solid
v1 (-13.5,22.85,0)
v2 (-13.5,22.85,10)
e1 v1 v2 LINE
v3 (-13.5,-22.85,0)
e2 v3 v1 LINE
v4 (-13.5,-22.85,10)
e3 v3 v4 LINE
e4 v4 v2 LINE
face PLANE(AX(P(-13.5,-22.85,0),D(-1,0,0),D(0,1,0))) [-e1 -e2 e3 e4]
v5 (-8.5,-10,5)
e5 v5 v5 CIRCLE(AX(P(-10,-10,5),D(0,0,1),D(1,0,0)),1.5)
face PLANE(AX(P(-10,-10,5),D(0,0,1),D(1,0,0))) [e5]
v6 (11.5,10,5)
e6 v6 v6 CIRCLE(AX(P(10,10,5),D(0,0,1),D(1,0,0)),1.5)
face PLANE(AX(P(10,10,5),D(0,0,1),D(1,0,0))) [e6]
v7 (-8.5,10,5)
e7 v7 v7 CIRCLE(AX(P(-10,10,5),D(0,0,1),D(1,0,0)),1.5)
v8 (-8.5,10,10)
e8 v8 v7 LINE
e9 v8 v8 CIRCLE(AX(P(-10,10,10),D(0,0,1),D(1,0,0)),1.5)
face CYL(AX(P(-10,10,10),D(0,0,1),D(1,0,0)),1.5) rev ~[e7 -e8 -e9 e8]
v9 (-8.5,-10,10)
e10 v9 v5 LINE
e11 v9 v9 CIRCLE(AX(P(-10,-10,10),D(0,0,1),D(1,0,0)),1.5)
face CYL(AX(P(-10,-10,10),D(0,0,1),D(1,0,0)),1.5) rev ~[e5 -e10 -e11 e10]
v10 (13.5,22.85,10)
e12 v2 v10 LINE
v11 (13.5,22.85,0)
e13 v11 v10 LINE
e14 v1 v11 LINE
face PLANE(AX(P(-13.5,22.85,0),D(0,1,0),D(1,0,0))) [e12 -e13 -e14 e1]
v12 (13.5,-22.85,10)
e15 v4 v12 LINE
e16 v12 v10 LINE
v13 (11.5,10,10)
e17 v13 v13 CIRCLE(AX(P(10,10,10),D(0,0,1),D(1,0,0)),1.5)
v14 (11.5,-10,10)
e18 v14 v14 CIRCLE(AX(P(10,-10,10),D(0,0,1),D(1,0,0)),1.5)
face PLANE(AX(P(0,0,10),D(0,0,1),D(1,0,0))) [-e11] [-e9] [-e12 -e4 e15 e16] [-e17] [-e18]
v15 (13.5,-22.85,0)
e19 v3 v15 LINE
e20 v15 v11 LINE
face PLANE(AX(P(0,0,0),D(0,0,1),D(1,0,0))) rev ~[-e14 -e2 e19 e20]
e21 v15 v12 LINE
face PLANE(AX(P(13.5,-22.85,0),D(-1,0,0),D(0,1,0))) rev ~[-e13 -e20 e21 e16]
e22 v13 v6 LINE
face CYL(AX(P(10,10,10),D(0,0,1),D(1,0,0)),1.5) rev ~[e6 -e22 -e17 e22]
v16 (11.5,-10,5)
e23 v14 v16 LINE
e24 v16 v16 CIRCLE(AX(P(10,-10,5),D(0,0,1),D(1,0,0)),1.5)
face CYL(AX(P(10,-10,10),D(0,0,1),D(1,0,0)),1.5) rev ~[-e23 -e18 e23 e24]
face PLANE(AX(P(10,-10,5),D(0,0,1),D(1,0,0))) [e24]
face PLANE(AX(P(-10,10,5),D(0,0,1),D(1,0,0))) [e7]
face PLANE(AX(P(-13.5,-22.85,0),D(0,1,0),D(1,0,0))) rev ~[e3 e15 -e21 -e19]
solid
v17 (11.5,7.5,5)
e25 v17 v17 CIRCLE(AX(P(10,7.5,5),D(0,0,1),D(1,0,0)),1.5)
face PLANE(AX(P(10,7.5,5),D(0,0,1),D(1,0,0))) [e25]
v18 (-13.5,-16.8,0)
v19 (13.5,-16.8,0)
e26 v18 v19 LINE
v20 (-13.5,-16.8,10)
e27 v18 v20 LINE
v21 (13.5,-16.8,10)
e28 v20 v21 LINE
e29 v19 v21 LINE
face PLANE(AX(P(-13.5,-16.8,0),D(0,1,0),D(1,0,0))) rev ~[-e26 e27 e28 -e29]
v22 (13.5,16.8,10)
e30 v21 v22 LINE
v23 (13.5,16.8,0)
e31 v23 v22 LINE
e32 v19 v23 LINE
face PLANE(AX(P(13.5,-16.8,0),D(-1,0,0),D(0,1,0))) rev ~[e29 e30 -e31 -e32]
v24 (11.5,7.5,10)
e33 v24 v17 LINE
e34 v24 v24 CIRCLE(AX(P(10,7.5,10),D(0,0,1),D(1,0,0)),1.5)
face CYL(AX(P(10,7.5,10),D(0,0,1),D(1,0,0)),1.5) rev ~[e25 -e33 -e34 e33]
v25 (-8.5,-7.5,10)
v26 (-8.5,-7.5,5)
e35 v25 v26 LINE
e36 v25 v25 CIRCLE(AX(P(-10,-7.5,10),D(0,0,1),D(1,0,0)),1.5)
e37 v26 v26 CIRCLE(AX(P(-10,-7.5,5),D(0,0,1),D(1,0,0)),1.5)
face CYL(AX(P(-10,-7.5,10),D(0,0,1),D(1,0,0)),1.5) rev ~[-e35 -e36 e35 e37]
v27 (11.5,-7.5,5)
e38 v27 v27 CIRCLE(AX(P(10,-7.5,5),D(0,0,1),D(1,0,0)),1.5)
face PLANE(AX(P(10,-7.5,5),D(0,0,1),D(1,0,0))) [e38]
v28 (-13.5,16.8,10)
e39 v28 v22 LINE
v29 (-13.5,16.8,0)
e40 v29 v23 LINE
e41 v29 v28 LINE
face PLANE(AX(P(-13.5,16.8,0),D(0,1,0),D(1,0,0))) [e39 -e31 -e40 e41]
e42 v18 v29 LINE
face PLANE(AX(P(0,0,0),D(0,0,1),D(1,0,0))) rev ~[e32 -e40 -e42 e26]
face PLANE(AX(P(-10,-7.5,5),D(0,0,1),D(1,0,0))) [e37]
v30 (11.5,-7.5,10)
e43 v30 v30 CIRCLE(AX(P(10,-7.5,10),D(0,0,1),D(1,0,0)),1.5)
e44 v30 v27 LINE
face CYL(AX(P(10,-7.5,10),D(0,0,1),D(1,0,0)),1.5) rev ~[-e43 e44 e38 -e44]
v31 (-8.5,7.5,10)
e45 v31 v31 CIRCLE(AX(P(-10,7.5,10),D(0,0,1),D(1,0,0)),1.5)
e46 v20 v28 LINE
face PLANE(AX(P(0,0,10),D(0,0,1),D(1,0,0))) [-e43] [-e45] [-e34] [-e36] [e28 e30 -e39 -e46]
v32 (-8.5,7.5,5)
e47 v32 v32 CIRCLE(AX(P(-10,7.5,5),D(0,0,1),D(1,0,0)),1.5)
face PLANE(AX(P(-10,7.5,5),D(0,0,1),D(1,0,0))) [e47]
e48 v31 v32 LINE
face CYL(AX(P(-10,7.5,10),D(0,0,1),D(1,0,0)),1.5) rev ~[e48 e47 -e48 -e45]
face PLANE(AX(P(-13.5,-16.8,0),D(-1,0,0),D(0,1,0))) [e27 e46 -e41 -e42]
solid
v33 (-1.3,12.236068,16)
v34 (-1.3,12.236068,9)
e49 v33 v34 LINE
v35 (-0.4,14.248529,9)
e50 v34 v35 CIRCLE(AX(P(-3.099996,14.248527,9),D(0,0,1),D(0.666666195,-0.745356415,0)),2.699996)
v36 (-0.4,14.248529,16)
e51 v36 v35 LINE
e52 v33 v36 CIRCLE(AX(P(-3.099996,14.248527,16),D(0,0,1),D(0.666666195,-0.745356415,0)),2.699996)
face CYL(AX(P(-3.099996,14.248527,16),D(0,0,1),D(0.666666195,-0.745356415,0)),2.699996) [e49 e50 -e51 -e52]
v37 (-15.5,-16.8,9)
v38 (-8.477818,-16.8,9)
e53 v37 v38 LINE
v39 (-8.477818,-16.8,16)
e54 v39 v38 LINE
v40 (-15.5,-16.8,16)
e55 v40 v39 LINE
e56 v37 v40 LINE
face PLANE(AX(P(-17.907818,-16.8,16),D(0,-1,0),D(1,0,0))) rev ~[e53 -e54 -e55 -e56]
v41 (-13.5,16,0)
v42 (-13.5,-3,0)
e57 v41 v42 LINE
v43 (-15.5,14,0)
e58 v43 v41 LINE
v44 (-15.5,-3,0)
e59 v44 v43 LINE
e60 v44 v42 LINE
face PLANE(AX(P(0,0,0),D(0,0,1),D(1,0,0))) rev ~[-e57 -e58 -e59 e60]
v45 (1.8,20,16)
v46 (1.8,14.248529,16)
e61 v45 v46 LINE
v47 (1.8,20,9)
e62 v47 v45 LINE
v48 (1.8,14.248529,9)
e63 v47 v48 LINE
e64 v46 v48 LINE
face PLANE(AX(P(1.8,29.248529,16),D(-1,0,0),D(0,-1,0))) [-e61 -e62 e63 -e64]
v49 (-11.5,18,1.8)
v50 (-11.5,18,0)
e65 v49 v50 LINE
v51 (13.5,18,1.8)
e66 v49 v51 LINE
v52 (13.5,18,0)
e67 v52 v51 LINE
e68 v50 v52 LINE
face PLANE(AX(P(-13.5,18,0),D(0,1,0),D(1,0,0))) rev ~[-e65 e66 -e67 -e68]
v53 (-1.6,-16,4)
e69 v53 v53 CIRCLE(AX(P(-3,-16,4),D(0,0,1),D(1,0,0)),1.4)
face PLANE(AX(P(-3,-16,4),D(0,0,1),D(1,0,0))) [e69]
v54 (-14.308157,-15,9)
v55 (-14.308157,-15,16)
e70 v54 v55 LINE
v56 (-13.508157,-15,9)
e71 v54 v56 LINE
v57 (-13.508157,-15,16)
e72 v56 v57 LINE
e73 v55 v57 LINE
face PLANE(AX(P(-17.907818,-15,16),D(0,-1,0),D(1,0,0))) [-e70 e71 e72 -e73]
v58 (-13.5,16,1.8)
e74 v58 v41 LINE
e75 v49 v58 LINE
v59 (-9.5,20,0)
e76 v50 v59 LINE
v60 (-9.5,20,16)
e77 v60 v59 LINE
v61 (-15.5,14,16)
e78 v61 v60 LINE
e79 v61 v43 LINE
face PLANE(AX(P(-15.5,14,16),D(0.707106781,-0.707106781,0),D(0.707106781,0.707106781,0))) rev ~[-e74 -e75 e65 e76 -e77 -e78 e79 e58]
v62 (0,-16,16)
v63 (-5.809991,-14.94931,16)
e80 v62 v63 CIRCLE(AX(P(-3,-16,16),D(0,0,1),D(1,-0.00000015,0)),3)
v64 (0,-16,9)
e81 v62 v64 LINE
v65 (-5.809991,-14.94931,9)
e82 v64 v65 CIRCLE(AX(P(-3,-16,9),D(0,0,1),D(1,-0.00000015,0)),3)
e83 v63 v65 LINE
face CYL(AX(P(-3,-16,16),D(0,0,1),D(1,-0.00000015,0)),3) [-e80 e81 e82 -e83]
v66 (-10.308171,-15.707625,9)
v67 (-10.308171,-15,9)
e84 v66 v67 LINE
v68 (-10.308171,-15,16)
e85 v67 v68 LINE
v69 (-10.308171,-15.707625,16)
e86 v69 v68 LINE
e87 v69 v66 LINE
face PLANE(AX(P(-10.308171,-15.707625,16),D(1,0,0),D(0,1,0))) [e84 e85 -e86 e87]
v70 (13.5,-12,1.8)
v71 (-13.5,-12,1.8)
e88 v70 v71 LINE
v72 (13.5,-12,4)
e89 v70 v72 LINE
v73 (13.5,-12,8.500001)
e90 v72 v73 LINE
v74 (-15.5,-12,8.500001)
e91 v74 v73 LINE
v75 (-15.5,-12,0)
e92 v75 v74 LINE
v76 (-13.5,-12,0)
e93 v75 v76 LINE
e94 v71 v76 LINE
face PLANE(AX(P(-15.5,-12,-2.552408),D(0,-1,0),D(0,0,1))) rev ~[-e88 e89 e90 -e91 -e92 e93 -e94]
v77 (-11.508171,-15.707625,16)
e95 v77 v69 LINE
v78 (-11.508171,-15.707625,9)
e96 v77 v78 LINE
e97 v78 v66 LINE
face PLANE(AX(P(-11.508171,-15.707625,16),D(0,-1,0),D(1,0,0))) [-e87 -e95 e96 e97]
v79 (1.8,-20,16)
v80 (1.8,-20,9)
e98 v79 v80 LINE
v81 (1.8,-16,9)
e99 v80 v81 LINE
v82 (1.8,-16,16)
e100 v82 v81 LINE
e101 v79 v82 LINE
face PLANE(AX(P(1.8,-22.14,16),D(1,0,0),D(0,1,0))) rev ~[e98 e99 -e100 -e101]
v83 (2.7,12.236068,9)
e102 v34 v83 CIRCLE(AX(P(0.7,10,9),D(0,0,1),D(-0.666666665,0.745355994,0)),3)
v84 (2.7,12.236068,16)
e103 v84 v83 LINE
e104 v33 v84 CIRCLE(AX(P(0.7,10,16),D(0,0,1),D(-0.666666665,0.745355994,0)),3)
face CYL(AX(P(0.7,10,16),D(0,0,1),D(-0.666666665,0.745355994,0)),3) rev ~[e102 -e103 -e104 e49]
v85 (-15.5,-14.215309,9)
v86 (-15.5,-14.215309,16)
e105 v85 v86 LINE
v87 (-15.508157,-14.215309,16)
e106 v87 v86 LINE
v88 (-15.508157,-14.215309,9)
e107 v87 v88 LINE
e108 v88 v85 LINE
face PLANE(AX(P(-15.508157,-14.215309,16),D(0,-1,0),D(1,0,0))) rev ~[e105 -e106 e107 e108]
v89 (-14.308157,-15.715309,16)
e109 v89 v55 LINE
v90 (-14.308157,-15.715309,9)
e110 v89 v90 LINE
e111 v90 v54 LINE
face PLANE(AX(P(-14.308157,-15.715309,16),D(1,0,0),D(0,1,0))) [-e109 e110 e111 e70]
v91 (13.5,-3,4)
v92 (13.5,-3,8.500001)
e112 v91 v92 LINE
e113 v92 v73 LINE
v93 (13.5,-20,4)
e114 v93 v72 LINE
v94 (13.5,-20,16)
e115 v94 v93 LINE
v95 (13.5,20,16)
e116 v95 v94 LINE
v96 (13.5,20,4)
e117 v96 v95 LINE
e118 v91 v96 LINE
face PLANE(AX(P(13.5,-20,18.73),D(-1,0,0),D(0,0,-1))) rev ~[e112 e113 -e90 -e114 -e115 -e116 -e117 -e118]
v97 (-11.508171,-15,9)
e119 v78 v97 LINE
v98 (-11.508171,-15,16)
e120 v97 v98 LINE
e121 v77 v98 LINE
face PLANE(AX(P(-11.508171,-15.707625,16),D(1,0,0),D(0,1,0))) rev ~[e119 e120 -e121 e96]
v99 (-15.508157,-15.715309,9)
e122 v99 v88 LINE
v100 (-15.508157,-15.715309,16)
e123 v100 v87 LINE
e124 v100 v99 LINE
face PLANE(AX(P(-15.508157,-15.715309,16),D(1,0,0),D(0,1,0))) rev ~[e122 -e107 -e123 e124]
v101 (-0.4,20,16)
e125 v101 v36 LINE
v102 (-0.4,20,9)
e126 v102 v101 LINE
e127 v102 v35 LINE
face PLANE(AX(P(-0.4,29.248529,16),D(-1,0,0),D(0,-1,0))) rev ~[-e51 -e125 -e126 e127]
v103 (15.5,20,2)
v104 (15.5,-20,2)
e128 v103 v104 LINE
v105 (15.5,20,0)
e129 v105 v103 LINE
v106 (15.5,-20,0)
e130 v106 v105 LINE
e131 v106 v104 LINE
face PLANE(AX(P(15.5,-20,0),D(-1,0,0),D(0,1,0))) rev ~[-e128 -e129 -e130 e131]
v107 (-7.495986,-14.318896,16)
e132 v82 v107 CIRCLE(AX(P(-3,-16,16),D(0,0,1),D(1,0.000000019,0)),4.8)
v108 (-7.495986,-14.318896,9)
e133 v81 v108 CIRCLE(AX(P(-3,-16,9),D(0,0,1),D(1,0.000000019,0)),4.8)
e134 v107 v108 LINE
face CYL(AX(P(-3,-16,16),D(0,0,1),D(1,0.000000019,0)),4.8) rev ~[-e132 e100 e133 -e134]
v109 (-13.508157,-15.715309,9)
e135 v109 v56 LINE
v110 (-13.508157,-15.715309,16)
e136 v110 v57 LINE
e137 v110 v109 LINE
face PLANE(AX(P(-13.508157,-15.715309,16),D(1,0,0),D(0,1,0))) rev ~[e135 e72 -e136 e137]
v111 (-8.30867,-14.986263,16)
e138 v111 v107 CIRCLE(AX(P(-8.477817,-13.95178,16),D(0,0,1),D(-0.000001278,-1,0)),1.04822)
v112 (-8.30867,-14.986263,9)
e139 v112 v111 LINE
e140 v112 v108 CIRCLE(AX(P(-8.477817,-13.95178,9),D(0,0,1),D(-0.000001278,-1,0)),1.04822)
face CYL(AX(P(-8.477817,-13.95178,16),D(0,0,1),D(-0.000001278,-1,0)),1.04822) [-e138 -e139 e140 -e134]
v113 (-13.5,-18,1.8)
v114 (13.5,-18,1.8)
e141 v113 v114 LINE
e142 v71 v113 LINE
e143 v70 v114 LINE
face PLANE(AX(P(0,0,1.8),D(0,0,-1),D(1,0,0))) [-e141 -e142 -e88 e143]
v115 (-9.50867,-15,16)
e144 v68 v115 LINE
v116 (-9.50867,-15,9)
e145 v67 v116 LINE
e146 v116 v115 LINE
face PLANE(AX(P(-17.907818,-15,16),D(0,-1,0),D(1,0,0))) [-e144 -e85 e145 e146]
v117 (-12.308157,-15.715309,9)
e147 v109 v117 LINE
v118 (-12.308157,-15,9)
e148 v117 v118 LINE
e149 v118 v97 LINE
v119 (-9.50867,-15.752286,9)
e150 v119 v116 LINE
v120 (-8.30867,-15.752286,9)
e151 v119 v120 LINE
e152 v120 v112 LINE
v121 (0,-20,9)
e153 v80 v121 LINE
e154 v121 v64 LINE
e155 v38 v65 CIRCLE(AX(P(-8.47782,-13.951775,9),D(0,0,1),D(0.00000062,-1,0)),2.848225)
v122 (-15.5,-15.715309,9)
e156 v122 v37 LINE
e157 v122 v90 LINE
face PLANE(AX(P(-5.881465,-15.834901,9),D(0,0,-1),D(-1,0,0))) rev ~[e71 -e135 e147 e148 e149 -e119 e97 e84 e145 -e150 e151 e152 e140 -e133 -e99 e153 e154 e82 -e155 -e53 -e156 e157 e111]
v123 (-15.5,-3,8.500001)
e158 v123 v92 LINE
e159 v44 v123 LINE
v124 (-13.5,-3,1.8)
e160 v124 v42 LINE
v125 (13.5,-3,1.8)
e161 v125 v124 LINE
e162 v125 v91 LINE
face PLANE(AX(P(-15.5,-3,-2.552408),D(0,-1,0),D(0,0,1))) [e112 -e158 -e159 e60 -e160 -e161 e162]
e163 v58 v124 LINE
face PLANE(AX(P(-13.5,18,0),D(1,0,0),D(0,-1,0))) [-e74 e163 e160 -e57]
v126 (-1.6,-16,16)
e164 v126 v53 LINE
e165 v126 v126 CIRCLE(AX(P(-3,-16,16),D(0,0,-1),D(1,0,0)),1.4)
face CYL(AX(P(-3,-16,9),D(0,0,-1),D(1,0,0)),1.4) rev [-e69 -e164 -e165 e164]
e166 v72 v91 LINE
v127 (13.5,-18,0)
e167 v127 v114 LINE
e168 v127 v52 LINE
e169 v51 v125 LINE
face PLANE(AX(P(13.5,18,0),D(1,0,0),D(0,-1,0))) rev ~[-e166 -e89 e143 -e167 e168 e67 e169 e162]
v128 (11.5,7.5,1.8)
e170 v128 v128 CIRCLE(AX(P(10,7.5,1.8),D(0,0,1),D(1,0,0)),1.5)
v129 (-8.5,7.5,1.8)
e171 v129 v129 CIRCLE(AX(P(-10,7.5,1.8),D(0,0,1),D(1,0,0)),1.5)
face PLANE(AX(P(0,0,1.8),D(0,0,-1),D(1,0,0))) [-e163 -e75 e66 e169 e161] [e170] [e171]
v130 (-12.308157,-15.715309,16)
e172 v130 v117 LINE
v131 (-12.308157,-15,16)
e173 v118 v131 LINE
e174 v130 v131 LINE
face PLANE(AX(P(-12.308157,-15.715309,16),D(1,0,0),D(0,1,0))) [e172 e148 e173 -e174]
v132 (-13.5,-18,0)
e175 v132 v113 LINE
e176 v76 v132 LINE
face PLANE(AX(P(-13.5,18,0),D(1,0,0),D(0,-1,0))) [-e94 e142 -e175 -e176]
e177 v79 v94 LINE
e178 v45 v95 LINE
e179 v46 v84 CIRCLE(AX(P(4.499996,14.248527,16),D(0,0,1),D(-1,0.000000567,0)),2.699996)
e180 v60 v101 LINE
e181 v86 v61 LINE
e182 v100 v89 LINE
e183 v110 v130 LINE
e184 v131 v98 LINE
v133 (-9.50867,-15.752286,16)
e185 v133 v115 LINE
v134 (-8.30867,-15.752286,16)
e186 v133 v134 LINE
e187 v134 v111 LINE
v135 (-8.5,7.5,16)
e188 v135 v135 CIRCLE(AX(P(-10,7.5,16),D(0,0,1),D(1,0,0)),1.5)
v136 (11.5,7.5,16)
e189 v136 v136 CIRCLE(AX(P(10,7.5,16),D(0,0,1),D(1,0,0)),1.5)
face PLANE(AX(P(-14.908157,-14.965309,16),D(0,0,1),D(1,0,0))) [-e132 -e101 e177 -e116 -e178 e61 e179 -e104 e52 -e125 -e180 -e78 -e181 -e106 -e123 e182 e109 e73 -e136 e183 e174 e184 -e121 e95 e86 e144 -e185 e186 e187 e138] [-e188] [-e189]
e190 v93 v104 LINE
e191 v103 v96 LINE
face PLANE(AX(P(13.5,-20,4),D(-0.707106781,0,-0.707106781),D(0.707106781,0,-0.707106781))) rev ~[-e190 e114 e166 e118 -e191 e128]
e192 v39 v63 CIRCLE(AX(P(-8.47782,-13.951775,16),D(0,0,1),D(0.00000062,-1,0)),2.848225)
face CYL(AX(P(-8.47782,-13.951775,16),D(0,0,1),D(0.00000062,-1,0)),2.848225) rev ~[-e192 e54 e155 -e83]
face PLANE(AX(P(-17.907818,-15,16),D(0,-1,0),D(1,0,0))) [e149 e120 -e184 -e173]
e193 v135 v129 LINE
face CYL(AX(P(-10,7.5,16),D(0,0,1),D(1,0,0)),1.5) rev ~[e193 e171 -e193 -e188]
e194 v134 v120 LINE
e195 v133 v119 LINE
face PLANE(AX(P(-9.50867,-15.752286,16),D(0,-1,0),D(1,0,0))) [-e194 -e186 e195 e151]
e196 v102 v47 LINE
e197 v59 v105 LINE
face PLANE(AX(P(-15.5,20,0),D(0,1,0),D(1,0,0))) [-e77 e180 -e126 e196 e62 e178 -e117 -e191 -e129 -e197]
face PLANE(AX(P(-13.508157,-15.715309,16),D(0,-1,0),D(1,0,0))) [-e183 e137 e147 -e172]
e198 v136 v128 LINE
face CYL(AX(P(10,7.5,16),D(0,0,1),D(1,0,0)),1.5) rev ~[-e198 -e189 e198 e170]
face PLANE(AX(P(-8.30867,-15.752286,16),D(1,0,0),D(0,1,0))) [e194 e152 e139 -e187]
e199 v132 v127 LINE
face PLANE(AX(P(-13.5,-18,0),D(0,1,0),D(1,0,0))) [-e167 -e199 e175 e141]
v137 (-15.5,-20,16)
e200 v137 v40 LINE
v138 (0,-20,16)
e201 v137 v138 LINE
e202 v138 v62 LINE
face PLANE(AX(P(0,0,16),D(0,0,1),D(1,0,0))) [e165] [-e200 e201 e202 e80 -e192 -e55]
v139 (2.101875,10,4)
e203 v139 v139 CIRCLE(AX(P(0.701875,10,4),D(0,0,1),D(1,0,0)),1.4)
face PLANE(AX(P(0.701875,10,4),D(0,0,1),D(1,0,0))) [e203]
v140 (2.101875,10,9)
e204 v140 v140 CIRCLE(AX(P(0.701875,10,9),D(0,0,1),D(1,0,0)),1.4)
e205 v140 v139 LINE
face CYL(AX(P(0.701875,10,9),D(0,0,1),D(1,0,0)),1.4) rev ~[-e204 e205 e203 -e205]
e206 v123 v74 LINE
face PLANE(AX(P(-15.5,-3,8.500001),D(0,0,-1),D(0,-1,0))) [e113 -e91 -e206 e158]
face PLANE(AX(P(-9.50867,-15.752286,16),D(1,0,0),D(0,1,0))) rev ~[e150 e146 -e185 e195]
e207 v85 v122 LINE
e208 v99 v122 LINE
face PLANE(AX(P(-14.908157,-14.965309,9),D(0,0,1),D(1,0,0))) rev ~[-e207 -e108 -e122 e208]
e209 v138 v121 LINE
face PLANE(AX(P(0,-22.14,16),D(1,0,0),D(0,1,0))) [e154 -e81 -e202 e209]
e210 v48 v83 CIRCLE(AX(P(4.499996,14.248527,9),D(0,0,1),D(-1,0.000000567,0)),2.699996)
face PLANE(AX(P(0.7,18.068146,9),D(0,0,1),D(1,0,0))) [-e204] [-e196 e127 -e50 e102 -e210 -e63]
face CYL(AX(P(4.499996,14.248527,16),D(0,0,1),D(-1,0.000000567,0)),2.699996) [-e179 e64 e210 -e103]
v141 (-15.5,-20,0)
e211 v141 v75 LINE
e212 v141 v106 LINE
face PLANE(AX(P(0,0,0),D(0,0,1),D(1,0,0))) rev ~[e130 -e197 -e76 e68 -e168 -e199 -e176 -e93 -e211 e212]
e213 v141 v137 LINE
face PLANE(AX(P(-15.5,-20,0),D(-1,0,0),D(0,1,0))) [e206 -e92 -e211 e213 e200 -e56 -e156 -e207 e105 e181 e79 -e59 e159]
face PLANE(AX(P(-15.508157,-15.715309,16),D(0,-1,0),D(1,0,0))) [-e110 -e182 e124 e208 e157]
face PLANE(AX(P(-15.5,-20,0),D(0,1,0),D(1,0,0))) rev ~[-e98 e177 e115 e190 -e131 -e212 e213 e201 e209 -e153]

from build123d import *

# Parameters (mm, degrees)
SKETCH_W             = 27
SKETCH_H             = 45.7
PAD_DEPTH            = 10
SKETCH002_R          = 1.5
POCKET_DEPTH         = 5
SKETCH004_W          = 27
SKETCH004_H          = 33.6
PAD001_DEPTH         = 10
SKETCH003_R          = 1.5
POCKET001_DEPTH      = 5
SKETCH005_W          = 31
SKETCH005_H          = 40
PAD002_DEPTH         = 16
SKETCH006_W          = 27
SKETCH006_H          = 36
POCKET002_DEPTH      = 1.8
SKETCH007_W          = 9
SKETCH007_H          = 11.052409
POCKET003_DEPTH      = 29
POCKET004_DEPTH      = 40.001
SKETCH011_R          = 1.5
POCKET005_DEPTH      = 16.001
POCKET006_DEPTH      = 7
SKETCH015_R          = 1.4
POCKET007_DEPTH      = 5
POCKET007_DEPTH_BACK = -100
POCKET008_DEPTH      = 16.001
SKETCH016_W          = 1.2
SKETCH016_H          = 1.5
PAD003_DEPTH         = 7


with BuildPart() as carriageh:
    # Sketch → Pad (new body)
    with BuildSketch(Plane.XY):
        Rectangle(SKETCH_W, SKETCH_H)
    extrude(amount=PAD_DEPTH)

    # Sketch002 (on Face6 of Pad) → Pocket (cut)
    with BuildSketch(Plane.XY.offset(10)):
        with Locations((-10, 10)):
            Circle(SKETCH002_R)
        with Locations((10, 10)):
            Circle(SKETCH002_R)
        with Locations((-10, -10)):
            Circle(SKETCH002_R)
        with Locations((10, -10)):
            Circle(SKETCH002_R)
    extrude(amount=-POCKET_DEPTH, mode=Mode.SUBTRACT)


with BuildPart() as carriagec:
    # Sketch004 → Pad001 (new body)
    with BuildSketch(Plane.XY):
        Rectangle(SKETCH004_W, SKETCH004_H)
    extrude(amount=PAD001_DEPTH)

    # Sketch003 (on Face6 of Pad001) → Pocket001 (cut)
    with BuildSketch(Plane.XY.offset(10)):
        with Locations((-10, 7.5)):
            Circle(SKETCH003_R)
        with Locations((10, 7.5)):
            Circle(SKETCH003_R)
        with Locations((-10, -7.5)):
            Circle(SKETCH003_R)
        with Locations((10, -7.5)):
            Circle(SKETCH003_R)
    extrude(amount=-POCKET001_DEPTH, mode=Mode.SUBTRACT)


with BuildPart() as crail:
    # Sketch005 → Pad002 (new body)
    with BuildSketch(Plane.XY):
        Rectangle(SKETCH005_W, SKETCH005_H)
    extrude(amount=PAD002_DEPTH)

    # Sketch006 (on Face5 of Pad002) → Pocket002 (cut)
    with BuildSketch(Plane(origin=(0, 0, 0), x_dir=(1, 0, 0), z_dir=(0, 0, -1))):
        Rectangle(SKETCH006_W, SKETCH006_H)
    extrude(amount=-POCKET002_DEPTH, mode=Mode.SUBTRACT)

    # Sketch007 (on Face2 of Pocket002) → Pocket003 (cut)
    with BuildSketch(Plane(origin=(-15.5, 0, 0), x_dir=(0, -1, 0), z_dir=(-1, 0, 0))):
        with Locations((7.5, 2.973796)):
            Rectangle(SKETCH007_W, SKETCH007_H)
    extrude(amount=-POCKET003_DEPTH, mode=Mode.SUBTRACT)

    # Sketch009 (on Face9 of Pocket003) → Pocket004 (cut, through all)
    with BuildSketch(Plane.XZ.offset(20)):
        Polygon((13.5, 18.73), (13.5, 4), (19.97, -2.47), (19.97, 18.73), align=None)
    extrude(amount=-POCKET004_DEPTH, mode=Mode.SUBTRACT)

    # Sketch011 (on Face6 of Pocket004) → Pocket005 (cut, through all)
    with BuildSketch(Plane.XY.offset(16)):
        with Locations((-10, 7.5)):
            Circle(SKETCH011_R)
        with Locations((10, 7.5)):
            Circle(SKETCH011_R)
    extrude(amount=-POCKET005_DEPTH, mode=Mode.SUBTRACT)

    # Sketch012 → Pocket006 (cut)
    with BuildSketch(Plane.XY.offset(16)):
        with BuildLine():
            Line((1.8, 29.248529), (-0.4, 29.248529))
            Line((-0.4, 29.248529), (-0.4, 14.248529))
            ThreePointArc((-1.3, 12.236068), (-0.635248, 13.146259), (-0.4, 14.248529))
            ThreePointArc((-1.3, 12.236068), (0.7, 7), (2.7, 12.236068))
            ThreePointArc((1.8, 14.248529), (2.035248, 13.146259), (2.7, 12.236068))
            Line((1.8, 29.248529), (1.8, 14.248529))
        make_face()
        with BuildLine():
            Line((0, -22.14), (0, -16))
            ThreePointArc((0, -16), (-2.466134, -13.047884), (-5.809991, -14.94931))
            ThreePointArc((-8.477818, -16.8), (-6.854369, -16.29203), (-5.809991, -14.94931))
            Line((-17.907818, -16.8), (-8.477818, -16.8))
            Line((-17.907818, -16.8), (-17.907818, -15))
            Line((-17.907818, -15), (-8.477818, -15))
            ThreePointArc((-8.477818, -15), (-7.880345, -14.813054), (-7.495986, -14.318896))
            ThreePointArc((1.8, -16), (-2.145814, -11.276615), (-7.495986, -14.318896))
            Line((1.8, -22.14), (1.8, -16))
            Line((0, -22.14), (1.8, -22.14))
        make_face()
    extrude(amount=-POCKET006_DEPTH, mode=Mode.SUBTRACT)

    # Sketch015 → Pocket007 (cut, two sides)
    with BuildSketch(Plane.XY.offset(9)) as pocket007_sk:
        with Locations((-3, -16)):
            Circle(SKETCH015_R)
        with Locations((0.701875, 10)):
            Circle(SKETCH015_R)
    extrude(amount=-POCKET007_DEPTH, mode=Mode.SUBTRACT)
    extrude(pocket007_sk.sketch, amount=-POCKET007_DEPTH_BACK, mode=Mode.SUBTRACT)

    # Sketch014 → Pocket008 (cut, through all)
    with BuildSketch(Plane.XY.offset(16)):
        Polygon((-15.5, 14), (-7.501605, 21.998395), (-21.34561, 27.350628), align=None)
    extrude(amount=-POCKET008_DEPTH, mode=Mode.SUBTRACT)

    # Sketch016 (on Face6 of Pocket007) → Pad003 (join)
    with BuildSketch(Plane.XY.offset(16)):
        with Locations((-14.908157, -14.965309)):
            Rectangle(SKETCH016_W, SKETCH016_H)
        with Locations((-12.908157, -14.965309)):
            Rectangle(SKETCH016_W, SKETCH016_H)
        with Locations((-10.908171, -14.957625)):
            Rectangle(SKETCH016_W, SKETCH016_H)
        with Locations((-8.90867, -15.002286)):
            Rectangle(SKETCH016_W, SKETCH016_H)
    extrude(amount=-PAD003_DEPTH)


solid = Compound([carriageh.part, carriagec.part, crail.part])
